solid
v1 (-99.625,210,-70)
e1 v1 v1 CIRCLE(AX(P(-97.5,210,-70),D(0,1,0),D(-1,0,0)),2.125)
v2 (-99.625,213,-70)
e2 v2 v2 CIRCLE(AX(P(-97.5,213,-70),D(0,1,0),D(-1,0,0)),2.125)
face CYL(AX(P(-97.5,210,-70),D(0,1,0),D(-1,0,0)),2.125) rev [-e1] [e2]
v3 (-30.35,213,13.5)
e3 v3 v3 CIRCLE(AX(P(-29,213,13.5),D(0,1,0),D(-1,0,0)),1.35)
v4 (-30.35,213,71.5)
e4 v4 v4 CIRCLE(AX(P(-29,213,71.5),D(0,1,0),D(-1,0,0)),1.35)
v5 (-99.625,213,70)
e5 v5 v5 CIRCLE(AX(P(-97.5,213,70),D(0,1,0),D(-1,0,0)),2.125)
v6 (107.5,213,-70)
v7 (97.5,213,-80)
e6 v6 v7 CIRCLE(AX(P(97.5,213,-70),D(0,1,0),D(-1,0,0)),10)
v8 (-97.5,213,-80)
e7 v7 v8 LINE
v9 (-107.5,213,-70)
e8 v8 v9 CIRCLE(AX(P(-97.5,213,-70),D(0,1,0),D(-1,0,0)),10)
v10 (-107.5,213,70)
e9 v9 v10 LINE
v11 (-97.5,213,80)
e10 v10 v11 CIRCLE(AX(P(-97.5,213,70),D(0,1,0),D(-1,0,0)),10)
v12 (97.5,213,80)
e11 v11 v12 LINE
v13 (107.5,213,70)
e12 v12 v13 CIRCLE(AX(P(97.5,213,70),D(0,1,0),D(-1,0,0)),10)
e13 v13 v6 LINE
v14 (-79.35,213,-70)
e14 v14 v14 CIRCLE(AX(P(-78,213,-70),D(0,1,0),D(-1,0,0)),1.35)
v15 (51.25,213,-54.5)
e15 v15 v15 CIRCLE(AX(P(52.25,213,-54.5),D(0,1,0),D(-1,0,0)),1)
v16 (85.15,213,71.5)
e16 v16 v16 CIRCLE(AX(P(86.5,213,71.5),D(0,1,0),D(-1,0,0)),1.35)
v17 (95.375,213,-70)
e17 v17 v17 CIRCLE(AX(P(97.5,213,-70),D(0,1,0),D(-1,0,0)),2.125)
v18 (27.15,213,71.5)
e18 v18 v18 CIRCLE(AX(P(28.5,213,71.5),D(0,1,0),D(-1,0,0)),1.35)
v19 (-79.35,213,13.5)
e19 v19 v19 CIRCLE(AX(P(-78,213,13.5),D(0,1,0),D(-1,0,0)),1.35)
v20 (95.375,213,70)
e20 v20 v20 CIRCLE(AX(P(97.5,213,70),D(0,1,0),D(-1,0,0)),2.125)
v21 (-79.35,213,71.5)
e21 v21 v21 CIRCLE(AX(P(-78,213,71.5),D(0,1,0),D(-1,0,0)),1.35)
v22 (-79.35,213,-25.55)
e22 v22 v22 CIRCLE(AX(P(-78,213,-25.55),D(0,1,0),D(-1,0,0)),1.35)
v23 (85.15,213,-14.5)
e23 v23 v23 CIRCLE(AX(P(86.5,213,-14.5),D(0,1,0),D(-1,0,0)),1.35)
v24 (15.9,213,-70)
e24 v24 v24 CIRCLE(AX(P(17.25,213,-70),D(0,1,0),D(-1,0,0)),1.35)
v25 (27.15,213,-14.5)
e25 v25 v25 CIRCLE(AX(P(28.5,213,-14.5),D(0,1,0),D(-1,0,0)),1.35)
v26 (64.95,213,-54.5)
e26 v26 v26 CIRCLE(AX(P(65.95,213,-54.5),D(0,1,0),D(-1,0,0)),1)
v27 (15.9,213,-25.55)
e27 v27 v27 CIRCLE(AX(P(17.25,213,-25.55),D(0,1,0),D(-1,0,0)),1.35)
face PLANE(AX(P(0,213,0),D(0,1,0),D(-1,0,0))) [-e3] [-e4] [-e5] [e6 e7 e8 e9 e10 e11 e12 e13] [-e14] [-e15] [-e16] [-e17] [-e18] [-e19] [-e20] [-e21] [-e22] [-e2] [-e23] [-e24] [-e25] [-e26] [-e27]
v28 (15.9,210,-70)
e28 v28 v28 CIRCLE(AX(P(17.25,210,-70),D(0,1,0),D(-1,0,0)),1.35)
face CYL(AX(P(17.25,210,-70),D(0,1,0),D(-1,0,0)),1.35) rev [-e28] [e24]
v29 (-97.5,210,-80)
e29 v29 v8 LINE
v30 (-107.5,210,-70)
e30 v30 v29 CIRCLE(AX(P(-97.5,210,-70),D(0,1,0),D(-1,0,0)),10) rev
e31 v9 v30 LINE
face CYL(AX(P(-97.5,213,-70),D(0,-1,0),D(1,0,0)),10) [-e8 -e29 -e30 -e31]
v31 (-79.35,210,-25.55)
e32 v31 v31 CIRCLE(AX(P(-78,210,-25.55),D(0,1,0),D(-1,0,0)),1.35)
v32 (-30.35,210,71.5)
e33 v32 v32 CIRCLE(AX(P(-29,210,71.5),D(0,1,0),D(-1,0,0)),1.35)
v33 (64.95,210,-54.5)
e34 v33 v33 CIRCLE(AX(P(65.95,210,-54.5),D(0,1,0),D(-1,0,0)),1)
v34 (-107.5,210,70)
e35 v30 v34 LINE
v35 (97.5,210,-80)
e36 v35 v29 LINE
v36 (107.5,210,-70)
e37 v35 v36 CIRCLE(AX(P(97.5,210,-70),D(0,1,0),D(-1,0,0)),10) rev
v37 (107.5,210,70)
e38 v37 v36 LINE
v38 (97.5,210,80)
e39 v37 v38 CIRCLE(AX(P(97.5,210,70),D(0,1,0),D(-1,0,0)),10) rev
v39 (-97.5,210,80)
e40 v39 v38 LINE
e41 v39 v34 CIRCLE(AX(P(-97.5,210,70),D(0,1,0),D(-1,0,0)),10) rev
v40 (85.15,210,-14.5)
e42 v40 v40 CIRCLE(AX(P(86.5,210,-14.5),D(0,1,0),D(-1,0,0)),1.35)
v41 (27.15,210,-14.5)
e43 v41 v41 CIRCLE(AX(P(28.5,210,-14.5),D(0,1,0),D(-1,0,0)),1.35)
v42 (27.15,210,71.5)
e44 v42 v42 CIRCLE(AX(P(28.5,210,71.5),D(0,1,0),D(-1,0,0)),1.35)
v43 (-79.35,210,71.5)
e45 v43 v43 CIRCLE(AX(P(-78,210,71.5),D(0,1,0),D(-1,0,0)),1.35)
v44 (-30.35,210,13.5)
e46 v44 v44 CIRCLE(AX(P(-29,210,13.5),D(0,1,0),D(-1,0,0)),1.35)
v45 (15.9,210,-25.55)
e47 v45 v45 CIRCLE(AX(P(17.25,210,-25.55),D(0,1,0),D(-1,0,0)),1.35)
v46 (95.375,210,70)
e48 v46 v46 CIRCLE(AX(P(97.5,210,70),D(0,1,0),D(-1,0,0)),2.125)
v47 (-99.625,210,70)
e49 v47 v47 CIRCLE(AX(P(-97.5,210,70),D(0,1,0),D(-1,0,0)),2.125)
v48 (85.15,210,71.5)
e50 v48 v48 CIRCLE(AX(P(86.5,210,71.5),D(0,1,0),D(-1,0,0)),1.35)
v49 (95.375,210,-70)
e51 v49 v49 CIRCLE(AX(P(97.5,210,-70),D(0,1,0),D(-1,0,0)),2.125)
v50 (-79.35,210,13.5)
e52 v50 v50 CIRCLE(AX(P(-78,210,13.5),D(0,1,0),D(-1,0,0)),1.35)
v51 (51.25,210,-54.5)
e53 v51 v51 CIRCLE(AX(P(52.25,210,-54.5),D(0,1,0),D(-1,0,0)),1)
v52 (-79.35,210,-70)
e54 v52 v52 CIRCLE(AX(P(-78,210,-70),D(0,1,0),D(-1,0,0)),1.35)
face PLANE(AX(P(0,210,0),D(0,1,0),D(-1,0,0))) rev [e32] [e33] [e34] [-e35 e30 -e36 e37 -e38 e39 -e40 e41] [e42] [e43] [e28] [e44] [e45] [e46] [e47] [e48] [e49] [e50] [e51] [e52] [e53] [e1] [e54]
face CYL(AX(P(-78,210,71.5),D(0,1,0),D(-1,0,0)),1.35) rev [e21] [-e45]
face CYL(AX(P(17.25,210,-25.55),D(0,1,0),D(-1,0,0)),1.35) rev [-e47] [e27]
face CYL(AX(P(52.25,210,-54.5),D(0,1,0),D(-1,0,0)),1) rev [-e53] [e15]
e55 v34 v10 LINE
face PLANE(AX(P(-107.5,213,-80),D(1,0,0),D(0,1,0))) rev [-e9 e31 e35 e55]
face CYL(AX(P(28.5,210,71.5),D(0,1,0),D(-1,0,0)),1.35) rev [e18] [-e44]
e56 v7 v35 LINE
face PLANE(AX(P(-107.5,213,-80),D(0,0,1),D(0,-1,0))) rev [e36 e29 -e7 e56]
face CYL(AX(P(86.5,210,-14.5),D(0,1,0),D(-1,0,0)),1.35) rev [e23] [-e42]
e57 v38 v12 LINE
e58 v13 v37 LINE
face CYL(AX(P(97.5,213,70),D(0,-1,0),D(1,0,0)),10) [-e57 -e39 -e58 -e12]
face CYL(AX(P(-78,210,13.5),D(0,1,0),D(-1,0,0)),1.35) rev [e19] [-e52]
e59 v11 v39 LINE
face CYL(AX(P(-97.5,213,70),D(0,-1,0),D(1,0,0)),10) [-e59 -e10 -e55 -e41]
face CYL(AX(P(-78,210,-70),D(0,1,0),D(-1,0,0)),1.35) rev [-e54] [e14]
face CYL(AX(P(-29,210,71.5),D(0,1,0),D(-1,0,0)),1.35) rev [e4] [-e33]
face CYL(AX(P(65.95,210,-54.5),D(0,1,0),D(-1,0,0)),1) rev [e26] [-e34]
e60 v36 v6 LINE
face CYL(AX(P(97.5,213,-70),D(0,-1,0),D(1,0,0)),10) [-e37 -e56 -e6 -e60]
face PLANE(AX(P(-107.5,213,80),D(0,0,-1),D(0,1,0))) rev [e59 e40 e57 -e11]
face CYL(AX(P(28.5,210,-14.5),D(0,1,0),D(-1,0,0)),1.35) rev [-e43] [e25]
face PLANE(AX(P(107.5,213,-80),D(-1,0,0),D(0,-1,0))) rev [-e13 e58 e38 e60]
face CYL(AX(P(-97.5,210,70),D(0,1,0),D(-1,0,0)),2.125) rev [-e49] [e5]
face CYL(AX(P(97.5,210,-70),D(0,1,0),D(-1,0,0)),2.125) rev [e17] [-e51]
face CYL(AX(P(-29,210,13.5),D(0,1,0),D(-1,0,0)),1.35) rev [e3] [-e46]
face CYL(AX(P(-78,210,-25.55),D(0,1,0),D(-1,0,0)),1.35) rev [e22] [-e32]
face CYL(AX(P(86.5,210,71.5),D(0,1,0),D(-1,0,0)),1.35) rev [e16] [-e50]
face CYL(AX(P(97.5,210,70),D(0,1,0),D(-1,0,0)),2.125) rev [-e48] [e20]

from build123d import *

# Parameters (mm, degrees)
SKETCH1_W           = 215
SKETCH1_H           = 160
BOSS_EXTRUDE1_DEPTH = 3
SKETCH2_R           = 1.35
SKETCH2_R_2         = 1
SKETCH2_R_3         = 2.125
CUT_EXTRUDE1_DEPTH  = 4
FILLET1_R           = 10


with BuildPart() as part:
    # Sketch1 → Boss-Extrude1 (new body)
    with BuildSketch(Plane(origin=(0, 210, 0), x_dir=(1, 0, 0), z_dir=(0, 1, 0))):
        Rectangle(SKETCH1_W, SKETCH1_H)
    extrude(amount=BOSS_EXTRUDE1_DEPTH)

    # Sketch2 → Cut-Extrude1 (cut, through all)
    with BuildSketch(Plane(origin=(0, 213, 0), x_dir=(1, 0, 0), z_dir=(0, 1, 0))):
        with Locations((-78, -13.5)):
            Circle(SKETCH2_R)
        with Locations((-29, -13.5)):
            Circle(SKETCH2_R)
        with Locations((-29, -71.5)):
            Circle(SKETCH2_R)
        with Locations((-78, -71.5)):
            Circle(SKETCH2_R)
        with Locations((86.5, 14.5)):
            Circle(SKETCH2_R)
        with Locations((86.5, -71.5)):
            Circle(SKETCH2_R)
        with Locations((28.5, -71.5)):
            Circle(SKETCH2_R)
        with Locations((28.5, 14.5)):
            Circle(SKETCH2_R)
        with Locations((-78, 70)):
            Circle(SKETCH2_R)
        with Locations((-78, 25.55)):
            Circle(SKETCH2_R)
        with Locations((17.25, 25.55)):
            Circle(SKETCH2_R)
        with Locations((17.25, 70)):
            Circle(SKETCH2_R)
        with Locations((52.25, 54.5)):
            Circle(SKETCH2_R_2)
        with Locations((65.95, 54.5)):
            Circle(SKETCH2_R_2)
        with Locations((97.5, -70)):
            Circle(SKETCH2_R_3)
        with Locations((97.5, 70)):
            Circle(SKETCH2_R_3)
        with Locations((-97.5, 70)):
            Circle(SKETCH2_R_3)
        with Locations((-97.5, -70)):
            Circle(SKETCH2_R_3)
    extrude(amount=-CUT_EXTRUDE1_DEPTH, mode=Mode.SUBTRACT)

    # Fillet1
    fillet1_edges = [part.edges().sort_by_distance(p)[0] for p in [
        (-107.5, 211.5, -80),
        (107.5, 211.5, -80),
        (107.5, 211.5, 80),
        (-107.5, 211.5, 80),
    ]]
    fillet(fillet1_edges, radius=FILLET1_R)


solid = part.part
